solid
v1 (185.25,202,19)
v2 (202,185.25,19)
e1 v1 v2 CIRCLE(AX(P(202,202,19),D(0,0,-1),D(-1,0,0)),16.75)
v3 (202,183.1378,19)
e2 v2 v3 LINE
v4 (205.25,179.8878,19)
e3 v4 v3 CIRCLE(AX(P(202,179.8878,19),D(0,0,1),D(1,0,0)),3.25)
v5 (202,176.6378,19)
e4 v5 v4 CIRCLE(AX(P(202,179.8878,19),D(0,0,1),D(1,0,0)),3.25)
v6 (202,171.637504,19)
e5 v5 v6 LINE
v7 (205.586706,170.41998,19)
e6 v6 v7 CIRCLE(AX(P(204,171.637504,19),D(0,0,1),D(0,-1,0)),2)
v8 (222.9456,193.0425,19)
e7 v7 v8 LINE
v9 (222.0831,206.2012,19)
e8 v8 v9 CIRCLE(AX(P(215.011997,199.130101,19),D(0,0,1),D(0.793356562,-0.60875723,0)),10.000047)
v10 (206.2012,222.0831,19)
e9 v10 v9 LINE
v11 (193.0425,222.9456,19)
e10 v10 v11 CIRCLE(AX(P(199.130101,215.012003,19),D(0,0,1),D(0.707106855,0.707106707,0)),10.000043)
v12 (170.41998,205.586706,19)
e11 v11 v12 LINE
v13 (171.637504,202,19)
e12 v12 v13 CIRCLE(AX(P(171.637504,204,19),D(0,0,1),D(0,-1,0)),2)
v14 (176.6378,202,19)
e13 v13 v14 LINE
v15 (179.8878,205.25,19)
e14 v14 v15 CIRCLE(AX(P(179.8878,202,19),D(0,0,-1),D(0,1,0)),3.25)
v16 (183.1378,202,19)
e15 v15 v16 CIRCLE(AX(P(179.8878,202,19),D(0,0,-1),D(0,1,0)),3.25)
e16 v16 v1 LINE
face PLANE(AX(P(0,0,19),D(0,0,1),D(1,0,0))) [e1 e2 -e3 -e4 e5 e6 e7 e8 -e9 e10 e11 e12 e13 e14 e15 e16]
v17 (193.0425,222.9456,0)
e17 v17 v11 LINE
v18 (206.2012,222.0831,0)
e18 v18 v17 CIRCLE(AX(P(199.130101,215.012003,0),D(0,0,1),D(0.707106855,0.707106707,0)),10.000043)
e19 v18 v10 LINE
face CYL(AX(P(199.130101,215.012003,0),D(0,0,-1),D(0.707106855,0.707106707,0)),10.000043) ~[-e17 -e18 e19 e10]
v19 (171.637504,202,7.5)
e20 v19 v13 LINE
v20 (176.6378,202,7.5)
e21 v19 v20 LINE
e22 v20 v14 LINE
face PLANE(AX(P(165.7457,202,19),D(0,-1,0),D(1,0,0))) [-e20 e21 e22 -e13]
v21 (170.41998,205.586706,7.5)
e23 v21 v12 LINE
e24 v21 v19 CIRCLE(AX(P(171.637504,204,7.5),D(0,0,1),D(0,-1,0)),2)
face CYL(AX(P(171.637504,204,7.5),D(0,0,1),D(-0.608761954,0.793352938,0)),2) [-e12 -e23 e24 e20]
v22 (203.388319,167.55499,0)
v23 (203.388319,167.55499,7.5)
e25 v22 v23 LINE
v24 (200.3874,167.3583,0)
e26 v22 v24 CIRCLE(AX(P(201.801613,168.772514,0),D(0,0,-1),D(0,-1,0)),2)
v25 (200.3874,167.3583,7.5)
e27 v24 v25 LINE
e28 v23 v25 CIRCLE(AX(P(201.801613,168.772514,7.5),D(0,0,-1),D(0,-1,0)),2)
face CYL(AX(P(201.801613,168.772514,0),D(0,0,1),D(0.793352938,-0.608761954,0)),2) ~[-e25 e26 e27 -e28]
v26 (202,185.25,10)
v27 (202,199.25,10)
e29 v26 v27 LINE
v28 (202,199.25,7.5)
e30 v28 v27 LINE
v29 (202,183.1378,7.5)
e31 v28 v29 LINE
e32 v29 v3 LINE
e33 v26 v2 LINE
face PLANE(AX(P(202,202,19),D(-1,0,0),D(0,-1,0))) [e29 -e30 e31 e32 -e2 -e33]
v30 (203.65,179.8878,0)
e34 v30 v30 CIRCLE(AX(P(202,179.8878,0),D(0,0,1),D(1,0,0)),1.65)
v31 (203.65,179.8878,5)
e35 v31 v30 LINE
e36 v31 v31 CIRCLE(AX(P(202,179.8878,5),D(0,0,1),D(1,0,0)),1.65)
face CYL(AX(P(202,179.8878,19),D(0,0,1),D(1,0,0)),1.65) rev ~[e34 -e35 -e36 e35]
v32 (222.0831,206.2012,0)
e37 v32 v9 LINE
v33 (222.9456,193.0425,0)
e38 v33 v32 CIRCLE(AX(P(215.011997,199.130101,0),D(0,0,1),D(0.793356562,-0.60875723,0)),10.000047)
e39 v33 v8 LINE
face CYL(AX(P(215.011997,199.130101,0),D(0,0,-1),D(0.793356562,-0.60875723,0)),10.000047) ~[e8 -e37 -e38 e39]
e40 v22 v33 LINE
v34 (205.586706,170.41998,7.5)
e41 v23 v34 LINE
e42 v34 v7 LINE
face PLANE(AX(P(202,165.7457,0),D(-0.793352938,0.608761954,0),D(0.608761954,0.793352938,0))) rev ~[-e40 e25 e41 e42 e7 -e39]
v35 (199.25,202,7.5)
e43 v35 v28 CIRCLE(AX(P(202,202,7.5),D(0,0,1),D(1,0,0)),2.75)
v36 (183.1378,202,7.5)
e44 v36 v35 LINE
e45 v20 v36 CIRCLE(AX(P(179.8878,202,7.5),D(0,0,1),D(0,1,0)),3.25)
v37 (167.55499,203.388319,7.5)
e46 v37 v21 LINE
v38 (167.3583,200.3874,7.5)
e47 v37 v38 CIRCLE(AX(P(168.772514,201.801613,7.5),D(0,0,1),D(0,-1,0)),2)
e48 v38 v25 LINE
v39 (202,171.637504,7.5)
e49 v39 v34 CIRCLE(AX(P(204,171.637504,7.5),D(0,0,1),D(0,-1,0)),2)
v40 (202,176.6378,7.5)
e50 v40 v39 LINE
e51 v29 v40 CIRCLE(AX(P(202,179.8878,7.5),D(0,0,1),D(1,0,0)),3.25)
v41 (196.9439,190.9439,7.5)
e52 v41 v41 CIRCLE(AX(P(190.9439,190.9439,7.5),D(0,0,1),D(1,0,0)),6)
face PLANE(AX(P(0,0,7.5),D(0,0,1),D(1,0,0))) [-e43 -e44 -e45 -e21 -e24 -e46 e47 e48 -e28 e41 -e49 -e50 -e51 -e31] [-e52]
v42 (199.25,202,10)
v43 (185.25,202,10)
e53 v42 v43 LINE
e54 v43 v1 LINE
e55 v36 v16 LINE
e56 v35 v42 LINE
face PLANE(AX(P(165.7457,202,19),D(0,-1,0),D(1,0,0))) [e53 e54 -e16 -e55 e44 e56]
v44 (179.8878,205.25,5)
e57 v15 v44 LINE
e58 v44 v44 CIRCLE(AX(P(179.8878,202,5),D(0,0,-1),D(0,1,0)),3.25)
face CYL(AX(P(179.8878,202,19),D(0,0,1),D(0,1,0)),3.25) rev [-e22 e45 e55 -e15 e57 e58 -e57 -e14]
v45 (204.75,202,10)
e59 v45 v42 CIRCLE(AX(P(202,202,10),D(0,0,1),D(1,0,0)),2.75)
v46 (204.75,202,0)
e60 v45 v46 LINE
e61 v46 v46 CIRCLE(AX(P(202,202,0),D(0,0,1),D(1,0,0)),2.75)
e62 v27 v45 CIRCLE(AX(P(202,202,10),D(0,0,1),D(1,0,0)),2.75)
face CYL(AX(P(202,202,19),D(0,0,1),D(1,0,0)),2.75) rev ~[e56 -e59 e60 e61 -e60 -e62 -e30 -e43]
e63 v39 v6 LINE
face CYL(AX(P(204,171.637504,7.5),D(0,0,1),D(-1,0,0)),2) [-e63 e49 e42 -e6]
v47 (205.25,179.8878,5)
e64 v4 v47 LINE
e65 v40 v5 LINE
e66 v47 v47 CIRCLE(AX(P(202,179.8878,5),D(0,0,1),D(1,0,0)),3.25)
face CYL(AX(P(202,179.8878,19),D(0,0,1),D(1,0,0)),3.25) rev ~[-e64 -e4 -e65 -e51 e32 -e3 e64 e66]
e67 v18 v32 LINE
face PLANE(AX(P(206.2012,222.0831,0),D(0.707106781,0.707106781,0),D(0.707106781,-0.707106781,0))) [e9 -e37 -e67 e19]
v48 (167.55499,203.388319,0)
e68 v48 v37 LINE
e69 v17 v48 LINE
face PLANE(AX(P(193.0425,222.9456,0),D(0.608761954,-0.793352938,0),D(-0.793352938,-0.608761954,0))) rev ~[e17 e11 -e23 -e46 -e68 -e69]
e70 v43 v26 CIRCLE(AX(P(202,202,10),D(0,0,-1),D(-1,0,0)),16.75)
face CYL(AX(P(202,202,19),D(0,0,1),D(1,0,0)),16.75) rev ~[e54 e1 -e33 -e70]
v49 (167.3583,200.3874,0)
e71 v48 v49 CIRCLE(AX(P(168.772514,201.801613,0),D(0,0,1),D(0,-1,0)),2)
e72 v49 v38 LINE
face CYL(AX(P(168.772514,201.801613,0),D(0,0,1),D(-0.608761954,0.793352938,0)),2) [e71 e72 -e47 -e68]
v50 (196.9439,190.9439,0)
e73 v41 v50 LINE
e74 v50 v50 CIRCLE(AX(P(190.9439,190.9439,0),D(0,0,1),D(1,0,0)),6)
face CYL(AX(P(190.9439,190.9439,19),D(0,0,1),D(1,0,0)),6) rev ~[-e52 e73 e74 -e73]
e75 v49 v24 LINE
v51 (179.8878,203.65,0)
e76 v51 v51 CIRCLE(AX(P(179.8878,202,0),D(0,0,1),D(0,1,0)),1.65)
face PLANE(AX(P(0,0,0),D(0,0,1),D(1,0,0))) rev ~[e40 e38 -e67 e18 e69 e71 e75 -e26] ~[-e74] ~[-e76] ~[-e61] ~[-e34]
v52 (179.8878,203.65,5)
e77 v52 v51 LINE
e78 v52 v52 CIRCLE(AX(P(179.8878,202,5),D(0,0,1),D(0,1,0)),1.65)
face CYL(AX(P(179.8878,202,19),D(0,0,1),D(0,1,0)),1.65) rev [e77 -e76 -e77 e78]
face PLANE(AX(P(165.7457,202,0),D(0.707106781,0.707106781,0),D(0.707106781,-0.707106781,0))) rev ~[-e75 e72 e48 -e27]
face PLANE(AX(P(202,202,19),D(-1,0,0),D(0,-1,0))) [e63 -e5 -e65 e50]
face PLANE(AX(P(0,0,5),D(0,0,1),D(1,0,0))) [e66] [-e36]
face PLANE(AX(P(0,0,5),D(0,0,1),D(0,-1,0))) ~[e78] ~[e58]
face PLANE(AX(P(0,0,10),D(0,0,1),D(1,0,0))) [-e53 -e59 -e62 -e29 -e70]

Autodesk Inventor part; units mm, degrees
ref_plane "YZ Plane" through (0, 0, 0) normal (1, 0, 0) x (0, 1, 0)
ref_plane "XZ Plane" through (0, 0, 0) normal (0, 1, 0) x (-1, 0, 0)
sketch "Sketch1" plane through (0, 0, 0) normal (0, 0, 1) x (1, 0, 0)
  line L0 (202, 202) -> (202, 0) construction
  line L1 (0, 202) -> (202, 202) construction
  arc A0 (206.2012, 222.0831) -> (193.0425, 222.9456) centre (199.1301, 215.012) ccw projected
  arc A1 (222.9456, 193.0425) -> (222.0831, 206.2012) centre (215.012, 199.1301) ccw projected
  line L2 (206.2012, 222.0831) -> (222.0831, 206.2012)
  line L3 (193.0425, 222.9456) -> (165.7457, 202)
  line L4 (202, 165.7457) -> (222.9456, 193.0425)
  line L5 (165.7457, 202) -> (202, 165.7457)
  point P0 (0, 0)
extrude "Extrusion3" add sketch "Sketch1" along normal blind 19
sketch "Sketch3" plane through (0, 0, 19) normal (0, 0, 1) x (1, 0, 0)
  line L0 (165.7457, 202) -> (202, 202)
  line L1 (202, 202) -> (202, 165.7457)
  line L2 (165.7457, 202) -> (202, 165.7457)
  point P0 (0, 0)
extrude "Extrusion4" cut sketch "Sketch3" against normal blind 11.5
sketch "Sketch5" plane through (0, 0, 19) normal (0, 0, 1) x (1, 0, 0)
  line L0 (222.0831, 206.2012) -> (206.2012, 222.0831) construction
  line L1 (214.1421, 214.1421) -> (134.2284, 134.2284) construction
  line L2 (202, 165.7457) -> (165.7457, 202) construction
  circle A0 centre (190.9439, 190.9439) radius 6
  point P0 (0, 0)
  dimension "d25" = 12
  dimension "d26" = 10
extrude "Extrusion6" cut sketch "Sketch5" against normal through all
sketch "Sketch6" plane through (0, 0, 19) normal (0, 0, 1) x (1, 0, 0)
  circle A0 centre (202, 202) radius 2.75
  point P0 (0, 0)
  dimension "d27" = 5.5
extrude "Extrusion7" cut sketch "Sketch6" against normal through all
sketch "Sketch7" plane through (0, 0, 19) normal (0, 0, 1) x (1, 0, 0)
  arc A0 (202, 199.25) -> (199.25, 202) centre (202, 202) ccw construction
  circle A1 centre (202, 202) radius 16.75
  point P0 (0, 0)
  dimension "d30" = 33.5
extrude "Extrusion8" cut sketch "Sketch7" against normal blind 9
sketch "Sketch8" plane through (0, 0, 19) normal (0, 0, 1) x (1, 0, 0)
  line L0 (202, 185.25) -> (202, 165.7457) construction
  circle A0 centre (190.9439, 190.9439) radius 6 construction
  line L1 (202, 165.7457) -> (165.7457, 202) construction
  line L2 (163.0953, 218.7925) -> (219.2426, 162.6452) construction
  circle A1 centre (202, 179.8878) radius 1.65
  point P0 (0, 0)
  dimension "d33" = 3.3
extrude "Extrusion9" cut sketch "Sketch8" against normal through all
sketch "Sketch9" plane through (0, 0, 19) normal (0, 0, 1) x (1, 0, 0)
  arc A0 (202, 178.2378) -> (202, 181.5378) centre (202, 179.8878) ccw construction
  circle A1 centre (202, 179.8878) radius 3.25
  point P0 (0, 0)
  dimension "d36" = 6.5
extrude "Extrusion10" cut sketch "Sketch9" against normal blind 14
ref_plane "Work Plane1" through (183.8728, 183.8728, 7.5) normal (0.7071, -0.7071, 0) x (0, 0, -1)
mirror "Mirror1" about plane through (183.8728, 183.8728, 7.5) normal (0.7071, -0.7071, 0) of "Extrusion9", "Extrusion10"
fillet "Fillet6" radius 2 4 edges at (165.7457, 202, 13.25) (165.7457, 202, 3.75) (202, 165.7457, 13.25) (202, 165.7457, 3.75)
sketch "Sketch10" plane through (0, 0, 10) normal (0, 0, 1) x (1, 0, 0)
  line L0 (202, 185.25) -> (202, 199.25) projected
  arc A0 (202, 185.25) -> (185.25, 202) centre (202, 202) ccw projected
  line L1 (199.25, 202) -> (185.25, 202) projected
  arc A1 (202, 199.25) -> (199.25, 202) centre (202, 202) ccw projected
  point P0 (0, 0)
properties part number "leveling clip"
